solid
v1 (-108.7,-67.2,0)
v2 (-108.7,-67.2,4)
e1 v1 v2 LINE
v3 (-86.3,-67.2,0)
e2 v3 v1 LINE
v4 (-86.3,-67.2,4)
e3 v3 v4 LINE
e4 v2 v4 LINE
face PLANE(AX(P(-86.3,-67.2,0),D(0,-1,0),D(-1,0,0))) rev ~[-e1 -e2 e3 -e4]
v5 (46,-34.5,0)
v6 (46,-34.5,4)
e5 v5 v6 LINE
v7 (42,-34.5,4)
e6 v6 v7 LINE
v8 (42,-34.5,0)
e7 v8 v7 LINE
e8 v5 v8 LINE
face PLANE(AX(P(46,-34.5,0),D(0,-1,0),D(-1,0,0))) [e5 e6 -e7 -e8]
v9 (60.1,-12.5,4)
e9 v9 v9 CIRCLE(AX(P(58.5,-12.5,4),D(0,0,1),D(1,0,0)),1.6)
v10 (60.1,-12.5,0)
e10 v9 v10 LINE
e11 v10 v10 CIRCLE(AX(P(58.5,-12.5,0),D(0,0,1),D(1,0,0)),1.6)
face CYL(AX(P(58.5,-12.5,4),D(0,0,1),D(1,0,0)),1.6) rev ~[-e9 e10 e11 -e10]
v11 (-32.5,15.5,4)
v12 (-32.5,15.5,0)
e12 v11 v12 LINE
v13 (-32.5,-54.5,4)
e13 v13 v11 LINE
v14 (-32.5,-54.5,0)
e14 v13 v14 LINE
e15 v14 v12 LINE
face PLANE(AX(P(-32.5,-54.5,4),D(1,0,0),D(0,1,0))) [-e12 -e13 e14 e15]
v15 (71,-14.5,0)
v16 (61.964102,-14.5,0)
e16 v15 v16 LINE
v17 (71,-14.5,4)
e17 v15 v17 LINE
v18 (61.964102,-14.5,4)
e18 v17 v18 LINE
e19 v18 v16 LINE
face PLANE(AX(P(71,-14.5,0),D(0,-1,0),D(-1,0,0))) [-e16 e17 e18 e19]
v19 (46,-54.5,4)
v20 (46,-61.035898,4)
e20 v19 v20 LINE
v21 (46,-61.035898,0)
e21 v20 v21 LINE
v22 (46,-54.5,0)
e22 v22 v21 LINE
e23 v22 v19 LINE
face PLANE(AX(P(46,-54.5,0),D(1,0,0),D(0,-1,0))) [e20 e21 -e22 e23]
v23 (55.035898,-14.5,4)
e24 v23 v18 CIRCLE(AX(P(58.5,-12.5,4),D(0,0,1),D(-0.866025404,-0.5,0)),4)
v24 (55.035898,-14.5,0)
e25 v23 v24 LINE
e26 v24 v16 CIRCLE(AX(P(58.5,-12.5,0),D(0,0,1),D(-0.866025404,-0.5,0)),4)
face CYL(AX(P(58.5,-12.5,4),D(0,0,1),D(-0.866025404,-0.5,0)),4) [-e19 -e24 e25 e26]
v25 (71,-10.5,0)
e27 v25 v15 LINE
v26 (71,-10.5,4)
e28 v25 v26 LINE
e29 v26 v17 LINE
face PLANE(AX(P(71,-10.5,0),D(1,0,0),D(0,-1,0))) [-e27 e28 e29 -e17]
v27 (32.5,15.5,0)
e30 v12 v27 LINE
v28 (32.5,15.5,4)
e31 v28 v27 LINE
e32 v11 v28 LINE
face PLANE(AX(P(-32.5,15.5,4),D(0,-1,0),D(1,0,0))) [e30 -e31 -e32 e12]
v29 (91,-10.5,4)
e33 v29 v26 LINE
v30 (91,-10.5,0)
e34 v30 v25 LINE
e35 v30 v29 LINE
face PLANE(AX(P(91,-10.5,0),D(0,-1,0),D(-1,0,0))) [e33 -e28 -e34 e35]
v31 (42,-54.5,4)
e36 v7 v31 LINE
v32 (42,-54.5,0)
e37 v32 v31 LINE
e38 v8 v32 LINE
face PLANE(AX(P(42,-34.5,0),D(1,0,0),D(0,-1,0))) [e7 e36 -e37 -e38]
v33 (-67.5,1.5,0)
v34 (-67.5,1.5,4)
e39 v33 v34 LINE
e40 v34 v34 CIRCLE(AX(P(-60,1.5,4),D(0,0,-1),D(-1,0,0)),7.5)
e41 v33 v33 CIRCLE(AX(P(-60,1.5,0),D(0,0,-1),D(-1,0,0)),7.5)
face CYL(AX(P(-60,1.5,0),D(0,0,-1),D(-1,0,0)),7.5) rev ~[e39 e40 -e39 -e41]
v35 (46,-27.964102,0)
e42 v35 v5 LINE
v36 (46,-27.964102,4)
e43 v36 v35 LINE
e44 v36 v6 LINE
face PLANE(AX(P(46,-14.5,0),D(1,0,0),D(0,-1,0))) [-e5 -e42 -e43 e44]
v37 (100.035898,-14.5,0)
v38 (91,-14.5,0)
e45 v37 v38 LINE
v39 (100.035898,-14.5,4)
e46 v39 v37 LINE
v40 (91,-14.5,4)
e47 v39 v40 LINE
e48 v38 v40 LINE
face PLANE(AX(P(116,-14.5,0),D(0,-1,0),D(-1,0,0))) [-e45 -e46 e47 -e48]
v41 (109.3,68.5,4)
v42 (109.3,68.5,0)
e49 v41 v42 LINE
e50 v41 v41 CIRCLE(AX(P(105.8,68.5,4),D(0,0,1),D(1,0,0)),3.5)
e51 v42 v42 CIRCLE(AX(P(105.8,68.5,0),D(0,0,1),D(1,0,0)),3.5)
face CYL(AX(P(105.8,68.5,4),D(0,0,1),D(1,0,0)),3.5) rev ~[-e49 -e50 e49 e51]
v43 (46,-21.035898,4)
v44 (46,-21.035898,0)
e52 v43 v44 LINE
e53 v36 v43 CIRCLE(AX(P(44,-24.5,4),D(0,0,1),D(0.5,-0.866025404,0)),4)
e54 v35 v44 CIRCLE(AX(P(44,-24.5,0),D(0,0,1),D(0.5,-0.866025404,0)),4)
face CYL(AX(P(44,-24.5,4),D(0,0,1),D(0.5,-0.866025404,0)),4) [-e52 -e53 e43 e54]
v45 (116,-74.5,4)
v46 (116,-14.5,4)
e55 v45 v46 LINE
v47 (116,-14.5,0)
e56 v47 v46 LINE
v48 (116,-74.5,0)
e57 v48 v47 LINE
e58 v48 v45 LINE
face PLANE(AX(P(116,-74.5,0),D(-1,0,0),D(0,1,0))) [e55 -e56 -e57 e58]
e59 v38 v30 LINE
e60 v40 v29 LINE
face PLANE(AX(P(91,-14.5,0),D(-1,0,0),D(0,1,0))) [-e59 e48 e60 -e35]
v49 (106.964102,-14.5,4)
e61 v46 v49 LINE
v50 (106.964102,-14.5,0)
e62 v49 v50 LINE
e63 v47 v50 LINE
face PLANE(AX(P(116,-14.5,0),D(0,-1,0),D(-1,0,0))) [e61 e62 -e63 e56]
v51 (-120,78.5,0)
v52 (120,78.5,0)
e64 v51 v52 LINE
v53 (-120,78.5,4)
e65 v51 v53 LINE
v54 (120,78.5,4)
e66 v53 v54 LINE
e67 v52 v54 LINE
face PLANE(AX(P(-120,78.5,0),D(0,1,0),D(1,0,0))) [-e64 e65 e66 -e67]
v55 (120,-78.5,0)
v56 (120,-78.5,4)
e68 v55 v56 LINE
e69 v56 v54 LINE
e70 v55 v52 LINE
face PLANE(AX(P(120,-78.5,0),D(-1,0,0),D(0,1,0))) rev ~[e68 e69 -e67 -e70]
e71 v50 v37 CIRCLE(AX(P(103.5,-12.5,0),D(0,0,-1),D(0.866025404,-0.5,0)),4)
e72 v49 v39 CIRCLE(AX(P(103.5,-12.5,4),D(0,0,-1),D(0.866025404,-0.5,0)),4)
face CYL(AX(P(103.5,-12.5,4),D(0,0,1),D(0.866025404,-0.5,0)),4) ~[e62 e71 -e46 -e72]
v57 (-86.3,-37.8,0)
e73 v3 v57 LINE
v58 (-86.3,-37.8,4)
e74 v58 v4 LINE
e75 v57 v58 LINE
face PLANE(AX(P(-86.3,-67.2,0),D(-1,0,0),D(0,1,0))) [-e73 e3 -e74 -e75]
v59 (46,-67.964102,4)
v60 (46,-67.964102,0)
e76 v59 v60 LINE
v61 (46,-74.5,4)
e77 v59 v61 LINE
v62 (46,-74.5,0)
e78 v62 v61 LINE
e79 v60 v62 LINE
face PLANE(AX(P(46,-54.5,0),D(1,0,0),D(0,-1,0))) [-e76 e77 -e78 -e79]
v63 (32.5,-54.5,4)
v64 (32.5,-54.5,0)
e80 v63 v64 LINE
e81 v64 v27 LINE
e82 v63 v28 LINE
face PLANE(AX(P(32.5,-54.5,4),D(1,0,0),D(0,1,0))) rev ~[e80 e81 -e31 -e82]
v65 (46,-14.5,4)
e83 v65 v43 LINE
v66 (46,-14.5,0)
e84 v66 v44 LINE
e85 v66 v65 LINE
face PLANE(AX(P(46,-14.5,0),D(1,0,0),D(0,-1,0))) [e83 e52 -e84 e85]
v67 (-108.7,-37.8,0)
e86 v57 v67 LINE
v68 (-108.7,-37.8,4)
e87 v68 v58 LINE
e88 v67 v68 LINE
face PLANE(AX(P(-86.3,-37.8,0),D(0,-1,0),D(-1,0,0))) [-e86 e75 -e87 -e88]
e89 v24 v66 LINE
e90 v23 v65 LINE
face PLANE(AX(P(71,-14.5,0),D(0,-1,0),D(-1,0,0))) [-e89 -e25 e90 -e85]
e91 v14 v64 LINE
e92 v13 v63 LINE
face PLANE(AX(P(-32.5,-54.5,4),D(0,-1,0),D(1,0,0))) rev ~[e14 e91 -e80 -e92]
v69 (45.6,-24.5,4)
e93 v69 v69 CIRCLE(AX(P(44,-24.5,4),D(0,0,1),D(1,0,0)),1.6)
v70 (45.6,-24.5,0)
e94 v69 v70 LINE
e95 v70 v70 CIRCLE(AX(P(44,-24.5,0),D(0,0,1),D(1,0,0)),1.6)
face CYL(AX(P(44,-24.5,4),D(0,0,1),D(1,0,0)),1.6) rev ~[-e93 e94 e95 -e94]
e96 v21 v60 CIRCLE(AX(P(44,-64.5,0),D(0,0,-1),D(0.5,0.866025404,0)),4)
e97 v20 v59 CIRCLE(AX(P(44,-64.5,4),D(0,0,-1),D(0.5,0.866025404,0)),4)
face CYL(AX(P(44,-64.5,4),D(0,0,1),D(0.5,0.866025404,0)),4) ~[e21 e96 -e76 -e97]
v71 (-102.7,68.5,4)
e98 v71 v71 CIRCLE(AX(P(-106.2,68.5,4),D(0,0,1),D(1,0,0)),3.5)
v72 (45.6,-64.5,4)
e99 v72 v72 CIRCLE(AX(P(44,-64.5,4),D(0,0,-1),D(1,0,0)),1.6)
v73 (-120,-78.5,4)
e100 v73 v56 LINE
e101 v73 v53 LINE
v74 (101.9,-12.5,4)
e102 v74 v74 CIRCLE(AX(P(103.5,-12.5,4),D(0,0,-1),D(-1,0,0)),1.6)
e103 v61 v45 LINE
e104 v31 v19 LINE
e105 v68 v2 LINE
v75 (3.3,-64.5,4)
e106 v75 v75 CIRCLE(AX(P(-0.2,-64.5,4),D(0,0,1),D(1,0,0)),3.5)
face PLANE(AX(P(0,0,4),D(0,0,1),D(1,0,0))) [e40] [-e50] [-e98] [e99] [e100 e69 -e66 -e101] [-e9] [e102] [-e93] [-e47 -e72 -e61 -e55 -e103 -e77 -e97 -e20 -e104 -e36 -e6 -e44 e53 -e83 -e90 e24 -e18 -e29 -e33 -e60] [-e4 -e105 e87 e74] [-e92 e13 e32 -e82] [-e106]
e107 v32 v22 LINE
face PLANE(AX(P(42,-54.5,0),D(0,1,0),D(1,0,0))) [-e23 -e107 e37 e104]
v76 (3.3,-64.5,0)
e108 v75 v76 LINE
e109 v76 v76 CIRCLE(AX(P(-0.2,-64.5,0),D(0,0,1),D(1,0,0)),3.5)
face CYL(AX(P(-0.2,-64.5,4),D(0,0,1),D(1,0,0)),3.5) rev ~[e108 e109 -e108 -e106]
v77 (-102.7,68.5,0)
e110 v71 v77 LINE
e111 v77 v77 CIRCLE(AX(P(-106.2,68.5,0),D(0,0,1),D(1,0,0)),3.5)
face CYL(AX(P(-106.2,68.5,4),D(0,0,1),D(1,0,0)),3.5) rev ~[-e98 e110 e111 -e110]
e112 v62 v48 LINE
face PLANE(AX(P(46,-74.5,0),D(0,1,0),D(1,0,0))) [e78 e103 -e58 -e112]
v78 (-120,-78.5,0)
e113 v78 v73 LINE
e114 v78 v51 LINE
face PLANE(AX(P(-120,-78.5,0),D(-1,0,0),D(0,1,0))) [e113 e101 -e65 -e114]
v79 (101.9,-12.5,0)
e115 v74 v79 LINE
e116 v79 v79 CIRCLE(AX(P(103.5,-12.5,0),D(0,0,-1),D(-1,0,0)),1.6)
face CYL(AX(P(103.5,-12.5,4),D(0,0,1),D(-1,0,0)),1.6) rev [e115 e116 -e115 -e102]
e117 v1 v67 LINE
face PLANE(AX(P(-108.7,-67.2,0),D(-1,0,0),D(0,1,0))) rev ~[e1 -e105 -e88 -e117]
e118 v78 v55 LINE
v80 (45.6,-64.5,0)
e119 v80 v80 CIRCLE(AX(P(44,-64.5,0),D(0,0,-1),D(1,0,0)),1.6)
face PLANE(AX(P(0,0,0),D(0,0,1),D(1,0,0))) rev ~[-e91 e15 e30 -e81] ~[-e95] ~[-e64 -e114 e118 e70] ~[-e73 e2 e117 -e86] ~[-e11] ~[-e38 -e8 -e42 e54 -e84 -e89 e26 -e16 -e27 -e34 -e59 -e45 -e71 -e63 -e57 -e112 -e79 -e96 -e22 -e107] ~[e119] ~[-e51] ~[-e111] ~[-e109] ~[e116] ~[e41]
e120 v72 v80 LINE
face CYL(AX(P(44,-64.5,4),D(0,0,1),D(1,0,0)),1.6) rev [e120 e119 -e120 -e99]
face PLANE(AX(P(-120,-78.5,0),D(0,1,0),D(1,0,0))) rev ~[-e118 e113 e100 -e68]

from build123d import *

# Parameters (mm, degrees)
SKETCH1_W           = 240
SKETCH1_H           = 157
BOSS_EXTRUDE1_DEPTH = 4
SKETCH2_R           = 3.5
CUT_EXTRUDE1_DEPTH  = 144.451211218
CUT_EXTRUDE2_DEPTH  = 4
SKETCH4_R           = 1.6
BOSS_EXTRUDE2_DEPTH = 4
SKETCH4_2_R         = 1.6
CUT_EXTRUDE3_DEPTH  = 4
SKETCH5_R           = 1.6
CUT_EXTRUDE5_DEPTH  = 4
BOSS_EXTRUDE4_DEPTH = 4
SKETCH6_R           = 7.5
CUT_EXTRUDE6_DEPTH  = 144.451211218
SKETCH7_W           = 65
SKETCH7_H           = 70
CUT_EXTRUDE7_DEPTH  = 144.451211218
SKETCH8_W           = 22.4
SKETCH8_H           = 29.4
CUT_EXTRUDE8_DEPTH  = 144.451211218


with BuildPart() as part:
    # Sketch1 → Boss-Extrude1 (new body)
    with BuildSketch(Plane.XY):
        Rectangle(SKETCH1_W, SKETCH1_H)
    extrude(amount=BOSS_EXTRUDE1_DEPTH)

    # Sketch2 → Cut-Extrude1 (cut, through all)
    with BuildSketch(Plane.XY.offset(4)):
        with Locations((-106.199999998, 68.5)):
            Circle(SKETCH2_R)
        with Locations((105.8, 68.5)):
            Circle(SKETCH2_R)
        with Locations((-0.199999998, -64.5)):
            Circle(SKETCH2_R)
    extrude(amount=-CUT_EXTRUDE1_DEPTH, mode=Mode.SUBTRACT)

    # Sketch3 → Cut-Extrude2 (cut)
    with BuildSketch(Plane(origin=(0, 0, 0), x_dir=(-1, 0, 0), z_dir=(0, 0, -1))):
        Polygon((-46, -74.5), (-116, -74.5), (-116, -14.5), (-91, -14.5), (-91, -10.5), (-71, -10.5), (-71, -14.5), (-46, -14.5), (-46, -34.5), (-42, -34.5), (-42, -54.5), (-46, -54.5), align=None)
    extrude(amount=-CUT_EXTRUDE2_DEPTH, mode=Mode.SUBTRACT)

    # Sketch4 → Boss-Extrude2 (add)
    with BuildSketch(Plane.XY.offset(4)):
        with Locations((44, -24.5)):
            Circle(SKETCH4_R)
        with BuildLine():
            Line((46, -21.035898385), (46, -27.964101615))
            ThreePointArc((46, -27.964101615), (48, -24.5), (46, -21.035898385))
        make_face()
    boss_extrude2 = extrude(amount=-BOSS_EXTRUDE2_DEPTH)

    # Sketch4<2> → Cut-Extrude3 (cut)
    with BuildSketch(Plane.XY.offset(4)):
        with Locations((44, -24.5)):
            Circle(SKETCH4_2_R)
    cut_extrude3 = extrude(amount=-CUT_EXTRUDE3_DEPTH, mode=Mode.SUBTRACT)

    # Mirror1: Boss-Extrude2, Cut-Extrude3 across plane
    add(boss_extrude2.mirror(Plane(origin=(0, -44.5, 0), x_dir=(0, 0, 1), z_dir=(0, -1, 0))))
    add(cut_extrude3.mirror(Plane(origin=(0, -44.5, 0), x_dir=(0, 0, 1), z_dir=(0, -1, 0))), mode=Mode.SUBTRACT)

    # Sketch5 → Cut-Extrude5 (cut)
    with BuildSketch(Plane.XY.offset(4)):
        with Locations((58.5, -12.5)):
            Circle(SKETCH5_R)
    cut_extrude5 = extrude(amount=-CUT_EXTRUDE5_DEPTH, mode=Mode.SUBTRACT)

    # Sketch5<5> → Boss-Extrude4 (add)
    with BuildSketch(Plane.XY.offset(4)):
        with BuildLine():
            Line((61.964101615, -14.5), (55.035898385, -14.5))
            ThreePointArc((55.035898385, -14.5), (58.5, -16.5), (61.964101615, -14.5))
        make_face()
    boss_extrude4 = extrude(amount=-BOSS_EXTRUDE4_DEPTH)

    # Mirror3: Cut-Extrude5, Boss-Extrude4 across plane
    add(cut_extrude5.mirror(Plane(origin=(81, 0, 0), x_dir=(0, 0, 1), z_dir=(1, 0, 0))), mode=Mode.SUBTRACT)
    add(boss_extrude4.mirror(Plane(origin=(81, 0, 0), x_dir=(0, 0, 1), z_dir=(1, 0, 0))))

    # Sketch6 → Cut-Extrude6 (cut, through all)
    with BuildSketch(Plane(origin=(0, 0, 0), x_dir=(-1, 0, 0), z_dir=(0, 0, -1))):
        with Locations((60, 1.5)):
            Circle(SKETCH6_R)
    extrude(amount=-CUT_EXTRUDE6_DEPTH, mode=Mode.SUBTRACT)

    # Sketch7 → Cut-Extrude7 (cut, through all)
    with BuildSketch(Plane.XY.offset(4)):
        with Locations((0, -19.5)):
            Rectangle(SKETCH7_W, SKETCH7_H)
    extrude(amount=-CUT_EXTRUDE7_DEPTH, mode=Mode.SUBTRACT)

    # Sketch8 → Cut-Extrude8 (cut, through all)
    with BuildSketch(Plane(origin=(0, 0, 0), x_dir=(-1, 0, 0), z_dir=(0, 0, -1))):
        with Locations((97.5, -52.5)):
            Rectangle(SKETCH8_W, SKETCH8_H)
    extrude(amount=-CUT_EXTRUDE8_DEPTH, mode=Mode.SUBTRACT)


solid = part.part
